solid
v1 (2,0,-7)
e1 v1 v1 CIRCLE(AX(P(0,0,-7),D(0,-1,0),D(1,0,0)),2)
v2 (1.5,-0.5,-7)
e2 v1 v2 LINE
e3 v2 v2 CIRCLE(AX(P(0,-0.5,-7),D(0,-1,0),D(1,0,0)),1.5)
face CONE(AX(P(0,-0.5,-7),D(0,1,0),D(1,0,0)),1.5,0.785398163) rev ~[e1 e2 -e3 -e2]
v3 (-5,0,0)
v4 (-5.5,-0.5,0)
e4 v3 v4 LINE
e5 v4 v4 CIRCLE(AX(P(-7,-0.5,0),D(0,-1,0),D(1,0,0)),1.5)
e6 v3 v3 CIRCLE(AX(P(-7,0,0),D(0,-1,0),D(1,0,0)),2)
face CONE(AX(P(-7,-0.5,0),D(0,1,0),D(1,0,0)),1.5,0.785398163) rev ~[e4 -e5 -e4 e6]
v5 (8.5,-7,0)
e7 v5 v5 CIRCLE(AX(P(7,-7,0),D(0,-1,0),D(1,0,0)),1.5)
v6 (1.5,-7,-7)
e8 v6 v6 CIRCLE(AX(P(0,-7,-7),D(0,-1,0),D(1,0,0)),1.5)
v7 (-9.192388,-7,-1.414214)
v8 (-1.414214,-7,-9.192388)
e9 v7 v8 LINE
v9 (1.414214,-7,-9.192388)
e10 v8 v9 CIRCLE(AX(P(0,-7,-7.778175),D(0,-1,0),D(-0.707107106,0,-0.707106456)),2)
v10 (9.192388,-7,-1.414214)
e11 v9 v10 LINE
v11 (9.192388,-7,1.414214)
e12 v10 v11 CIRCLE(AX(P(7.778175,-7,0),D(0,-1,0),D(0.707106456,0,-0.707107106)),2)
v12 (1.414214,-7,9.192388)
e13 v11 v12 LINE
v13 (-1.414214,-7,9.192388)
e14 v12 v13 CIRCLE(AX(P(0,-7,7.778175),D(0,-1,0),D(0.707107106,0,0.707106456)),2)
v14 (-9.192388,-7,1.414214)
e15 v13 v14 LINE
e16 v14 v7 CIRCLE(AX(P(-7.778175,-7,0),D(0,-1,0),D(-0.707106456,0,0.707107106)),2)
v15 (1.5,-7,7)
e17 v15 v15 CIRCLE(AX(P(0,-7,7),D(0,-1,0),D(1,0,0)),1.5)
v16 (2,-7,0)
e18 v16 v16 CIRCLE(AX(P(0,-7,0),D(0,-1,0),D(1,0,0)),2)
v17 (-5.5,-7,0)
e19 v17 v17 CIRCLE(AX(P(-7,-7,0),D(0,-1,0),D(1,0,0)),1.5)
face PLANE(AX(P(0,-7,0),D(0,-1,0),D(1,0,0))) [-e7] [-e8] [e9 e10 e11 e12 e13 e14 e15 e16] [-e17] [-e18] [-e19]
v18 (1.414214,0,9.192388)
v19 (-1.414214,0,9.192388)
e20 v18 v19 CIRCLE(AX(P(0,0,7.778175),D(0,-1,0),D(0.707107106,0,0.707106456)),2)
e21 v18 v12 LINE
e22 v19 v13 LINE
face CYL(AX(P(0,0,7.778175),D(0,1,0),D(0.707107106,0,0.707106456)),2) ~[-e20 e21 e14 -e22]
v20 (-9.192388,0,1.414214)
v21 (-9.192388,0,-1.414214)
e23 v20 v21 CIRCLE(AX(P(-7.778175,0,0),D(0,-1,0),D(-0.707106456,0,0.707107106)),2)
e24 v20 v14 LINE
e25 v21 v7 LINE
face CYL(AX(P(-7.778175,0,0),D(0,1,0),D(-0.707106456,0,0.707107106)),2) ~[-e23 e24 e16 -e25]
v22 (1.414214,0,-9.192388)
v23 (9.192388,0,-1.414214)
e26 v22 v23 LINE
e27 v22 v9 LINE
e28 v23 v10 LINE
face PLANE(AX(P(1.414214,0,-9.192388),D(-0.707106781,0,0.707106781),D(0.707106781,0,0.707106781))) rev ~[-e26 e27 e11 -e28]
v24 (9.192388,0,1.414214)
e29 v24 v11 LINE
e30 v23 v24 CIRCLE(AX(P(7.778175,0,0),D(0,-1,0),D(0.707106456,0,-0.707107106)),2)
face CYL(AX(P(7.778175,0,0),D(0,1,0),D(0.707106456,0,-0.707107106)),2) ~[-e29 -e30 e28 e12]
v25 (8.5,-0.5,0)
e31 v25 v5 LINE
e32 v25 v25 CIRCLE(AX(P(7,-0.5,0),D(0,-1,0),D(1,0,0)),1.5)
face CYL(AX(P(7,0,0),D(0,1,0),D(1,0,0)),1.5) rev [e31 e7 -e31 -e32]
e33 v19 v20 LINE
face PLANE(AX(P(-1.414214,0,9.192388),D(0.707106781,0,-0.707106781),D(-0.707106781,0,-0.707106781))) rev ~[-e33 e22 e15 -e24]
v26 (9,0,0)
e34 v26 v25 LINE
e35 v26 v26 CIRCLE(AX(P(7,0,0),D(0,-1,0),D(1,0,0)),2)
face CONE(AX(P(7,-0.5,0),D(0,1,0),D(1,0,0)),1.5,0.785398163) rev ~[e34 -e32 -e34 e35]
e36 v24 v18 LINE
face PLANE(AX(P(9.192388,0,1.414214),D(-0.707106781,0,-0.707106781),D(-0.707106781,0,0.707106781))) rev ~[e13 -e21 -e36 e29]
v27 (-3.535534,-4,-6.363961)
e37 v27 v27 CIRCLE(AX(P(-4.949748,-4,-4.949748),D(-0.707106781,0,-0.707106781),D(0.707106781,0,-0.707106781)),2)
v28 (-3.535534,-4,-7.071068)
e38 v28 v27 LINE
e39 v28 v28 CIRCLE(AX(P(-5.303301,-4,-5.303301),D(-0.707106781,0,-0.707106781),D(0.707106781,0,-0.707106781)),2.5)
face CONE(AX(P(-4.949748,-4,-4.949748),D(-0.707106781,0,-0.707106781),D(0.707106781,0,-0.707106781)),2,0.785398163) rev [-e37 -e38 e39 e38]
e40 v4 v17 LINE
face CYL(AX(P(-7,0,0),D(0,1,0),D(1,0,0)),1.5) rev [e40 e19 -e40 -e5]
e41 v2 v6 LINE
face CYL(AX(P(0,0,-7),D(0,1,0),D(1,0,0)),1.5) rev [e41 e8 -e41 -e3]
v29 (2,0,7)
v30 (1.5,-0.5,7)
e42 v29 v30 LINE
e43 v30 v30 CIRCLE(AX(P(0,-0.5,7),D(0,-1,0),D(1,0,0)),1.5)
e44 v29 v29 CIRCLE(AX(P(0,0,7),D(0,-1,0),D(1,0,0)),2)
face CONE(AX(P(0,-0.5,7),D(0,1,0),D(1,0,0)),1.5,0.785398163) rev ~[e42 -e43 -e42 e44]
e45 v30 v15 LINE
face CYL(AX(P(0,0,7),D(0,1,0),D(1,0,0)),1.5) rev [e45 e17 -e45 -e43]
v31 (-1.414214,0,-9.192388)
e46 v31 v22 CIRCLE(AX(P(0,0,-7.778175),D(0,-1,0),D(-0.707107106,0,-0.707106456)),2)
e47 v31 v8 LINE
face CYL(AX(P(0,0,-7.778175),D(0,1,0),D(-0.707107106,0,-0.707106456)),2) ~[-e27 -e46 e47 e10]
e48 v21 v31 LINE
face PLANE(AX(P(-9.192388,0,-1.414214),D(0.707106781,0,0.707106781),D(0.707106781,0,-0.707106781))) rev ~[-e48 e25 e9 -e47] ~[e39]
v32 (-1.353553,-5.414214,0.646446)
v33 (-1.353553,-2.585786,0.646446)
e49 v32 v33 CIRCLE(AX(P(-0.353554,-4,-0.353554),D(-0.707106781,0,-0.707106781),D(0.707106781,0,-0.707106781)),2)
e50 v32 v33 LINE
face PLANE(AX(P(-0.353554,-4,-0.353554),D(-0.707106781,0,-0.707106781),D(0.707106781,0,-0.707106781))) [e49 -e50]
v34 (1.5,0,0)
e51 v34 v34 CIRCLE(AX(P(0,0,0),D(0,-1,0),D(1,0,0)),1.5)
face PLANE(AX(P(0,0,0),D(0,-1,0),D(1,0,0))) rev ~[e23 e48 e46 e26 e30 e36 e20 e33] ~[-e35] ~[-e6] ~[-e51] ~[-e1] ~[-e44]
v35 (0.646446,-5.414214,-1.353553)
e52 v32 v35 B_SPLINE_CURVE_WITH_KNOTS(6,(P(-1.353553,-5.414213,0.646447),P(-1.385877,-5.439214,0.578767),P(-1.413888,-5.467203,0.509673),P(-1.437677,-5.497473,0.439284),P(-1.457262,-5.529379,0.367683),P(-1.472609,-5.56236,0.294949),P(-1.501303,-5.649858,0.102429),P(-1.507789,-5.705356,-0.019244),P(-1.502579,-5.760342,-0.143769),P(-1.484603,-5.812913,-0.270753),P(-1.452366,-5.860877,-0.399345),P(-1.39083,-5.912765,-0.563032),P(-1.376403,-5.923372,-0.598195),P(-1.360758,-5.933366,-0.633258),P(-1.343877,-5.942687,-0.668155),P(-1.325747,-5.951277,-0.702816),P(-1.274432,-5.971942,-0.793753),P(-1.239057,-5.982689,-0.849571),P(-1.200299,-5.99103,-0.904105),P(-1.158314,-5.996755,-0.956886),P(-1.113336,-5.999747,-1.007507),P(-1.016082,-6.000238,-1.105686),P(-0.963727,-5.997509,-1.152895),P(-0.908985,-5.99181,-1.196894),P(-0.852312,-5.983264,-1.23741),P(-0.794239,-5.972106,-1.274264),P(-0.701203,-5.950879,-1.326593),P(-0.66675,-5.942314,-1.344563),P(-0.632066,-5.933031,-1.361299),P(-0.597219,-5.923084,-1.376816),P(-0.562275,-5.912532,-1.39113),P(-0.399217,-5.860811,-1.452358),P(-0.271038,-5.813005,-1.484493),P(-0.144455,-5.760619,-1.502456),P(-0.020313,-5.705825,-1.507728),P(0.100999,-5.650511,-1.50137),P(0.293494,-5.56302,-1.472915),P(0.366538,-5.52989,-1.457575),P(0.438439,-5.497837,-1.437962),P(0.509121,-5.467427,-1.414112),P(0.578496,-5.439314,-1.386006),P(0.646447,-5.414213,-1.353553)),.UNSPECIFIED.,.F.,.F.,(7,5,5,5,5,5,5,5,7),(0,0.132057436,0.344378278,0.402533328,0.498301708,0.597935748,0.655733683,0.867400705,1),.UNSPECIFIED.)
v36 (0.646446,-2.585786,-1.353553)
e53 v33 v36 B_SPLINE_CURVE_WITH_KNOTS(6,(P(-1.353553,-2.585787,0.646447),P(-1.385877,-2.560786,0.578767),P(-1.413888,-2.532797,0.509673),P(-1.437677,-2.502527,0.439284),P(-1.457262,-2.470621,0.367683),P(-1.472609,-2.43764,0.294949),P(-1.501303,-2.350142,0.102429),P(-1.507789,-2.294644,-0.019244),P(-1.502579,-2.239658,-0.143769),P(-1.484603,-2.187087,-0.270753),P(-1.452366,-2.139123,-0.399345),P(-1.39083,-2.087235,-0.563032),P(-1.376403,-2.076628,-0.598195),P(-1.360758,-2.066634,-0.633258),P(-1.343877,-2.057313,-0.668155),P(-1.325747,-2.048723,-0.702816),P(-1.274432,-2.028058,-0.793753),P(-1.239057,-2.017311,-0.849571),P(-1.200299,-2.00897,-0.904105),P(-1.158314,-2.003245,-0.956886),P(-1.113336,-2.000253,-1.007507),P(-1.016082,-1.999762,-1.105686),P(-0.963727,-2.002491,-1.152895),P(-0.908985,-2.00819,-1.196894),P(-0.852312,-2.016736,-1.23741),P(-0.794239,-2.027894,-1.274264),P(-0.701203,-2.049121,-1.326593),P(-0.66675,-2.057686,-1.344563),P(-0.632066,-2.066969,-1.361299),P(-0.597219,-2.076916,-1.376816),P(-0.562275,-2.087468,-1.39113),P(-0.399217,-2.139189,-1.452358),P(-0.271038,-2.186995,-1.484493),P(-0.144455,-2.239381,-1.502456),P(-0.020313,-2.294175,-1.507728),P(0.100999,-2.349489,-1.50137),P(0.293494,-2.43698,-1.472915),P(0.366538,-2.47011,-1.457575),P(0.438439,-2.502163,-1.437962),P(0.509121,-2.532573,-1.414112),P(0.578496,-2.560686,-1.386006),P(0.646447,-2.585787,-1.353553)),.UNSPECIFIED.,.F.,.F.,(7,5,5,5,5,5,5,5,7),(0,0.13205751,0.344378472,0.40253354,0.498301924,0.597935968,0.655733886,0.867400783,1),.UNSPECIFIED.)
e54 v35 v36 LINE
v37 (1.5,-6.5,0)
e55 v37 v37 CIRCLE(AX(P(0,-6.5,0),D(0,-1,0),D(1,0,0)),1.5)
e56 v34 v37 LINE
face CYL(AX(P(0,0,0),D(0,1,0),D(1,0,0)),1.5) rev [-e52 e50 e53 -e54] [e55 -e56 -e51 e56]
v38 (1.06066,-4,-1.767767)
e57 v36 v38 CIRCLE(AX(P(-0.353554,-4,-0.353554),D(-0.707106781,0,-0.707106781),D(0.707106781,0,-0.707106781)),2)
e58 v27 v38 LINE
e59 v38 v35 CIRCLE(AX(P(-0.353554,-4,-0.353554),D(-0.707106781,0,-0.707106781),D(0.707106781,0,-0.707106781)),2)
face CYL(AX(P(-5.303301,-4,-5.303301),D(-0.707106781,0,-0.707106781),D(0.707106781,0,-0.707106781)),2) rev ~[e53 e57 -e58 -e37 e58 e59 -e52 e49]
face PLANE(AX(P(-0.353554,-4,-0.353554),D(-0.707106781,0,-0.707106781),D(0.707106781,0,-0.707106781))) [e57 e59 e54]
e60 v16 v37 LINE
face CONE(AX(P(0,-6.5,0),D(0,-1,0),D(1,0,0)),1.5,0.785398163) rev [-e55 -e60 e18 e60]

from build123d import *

# Parameters (mm, degrees)
F0_R     = 1.5
F1_DEPTH = 7
F2_R     = 2
F3_DEPTH = 7
F4_SIZE  = 0.5


with BuildPart() as f1:
    # F0 (on Front) → F1 (new body)
    with BuildSketch(Plane.XZ):
        with BuildLine():
            Line((-9.192388, -1.414214), (-1.414214, -9.192388))
            ThreePointArc((-1.414214, -9.192388), (0, -9.778175), (1.414214, -9.192388))
            Line((1.414214, -9.192388), (9.192388, -1.414214))
            ThreePointArc((9.192388, -1.414214), (9.778175, 0), (9.192388, 1.414214))
            Line((9.192388, 1.414214), (1.414214, 9.192388))
            ThreePointArc((1.414214, 9.192388), (0, 9.778175), (-1.414214, 9.192388))
            Line((-1.414214, 9.192388), (-9.192388, 1.414214))
            ThreePointArc((-9.192388, 1.414214), (-9.778175, 0), (-9.192388, -1.414214))
        make_face()
        with Locations((0, -7)):
            Circle(F0_R, mode=Mode.SUBTRACT)
        with Locations((-7, 0)):
            Circle(F0_R, mode=Mode.SUBTRACT)
        Circle(F0_R, mode=Mode.SUBTRACT)
        with Locations((7, 0)):
            Circle(F0_R, mode=Mode.SUBTRACT)
        with Locations((0, 7)):
            Circle(F0_R, mode=Mode.SUBTRACT)
    extrude(amount=F1_DEPTH)

    # F2 (on face) → F3 (cut)
    with BuildSketch(Plane(origin=(-5.303301, 0, -5.303301), x_dir=(0.707107, 0, -0.707107), z_dir=(-0.707107, 0, -0.707107))):
        with Locations((0, 4)):
            Circle(F2_R)
    extrude(amount=-F3_DEPTH, mode=Mode.SUBTRACT)

    # F4
    f4_edges = [f1.edges().sort_by_distance(p)[0] for p in [
        (-1.5, 0, 7),
        (-8.5, 0, 0),
        (-1.5, 0, -7),
        (5.5, 0, 0),
        (-1.5, -7, 0),
        (-6.717514, -4, -3.889087),
    ]]
    chamfer(f4_edges, length=F4_SIZE)


solid = f1.part
